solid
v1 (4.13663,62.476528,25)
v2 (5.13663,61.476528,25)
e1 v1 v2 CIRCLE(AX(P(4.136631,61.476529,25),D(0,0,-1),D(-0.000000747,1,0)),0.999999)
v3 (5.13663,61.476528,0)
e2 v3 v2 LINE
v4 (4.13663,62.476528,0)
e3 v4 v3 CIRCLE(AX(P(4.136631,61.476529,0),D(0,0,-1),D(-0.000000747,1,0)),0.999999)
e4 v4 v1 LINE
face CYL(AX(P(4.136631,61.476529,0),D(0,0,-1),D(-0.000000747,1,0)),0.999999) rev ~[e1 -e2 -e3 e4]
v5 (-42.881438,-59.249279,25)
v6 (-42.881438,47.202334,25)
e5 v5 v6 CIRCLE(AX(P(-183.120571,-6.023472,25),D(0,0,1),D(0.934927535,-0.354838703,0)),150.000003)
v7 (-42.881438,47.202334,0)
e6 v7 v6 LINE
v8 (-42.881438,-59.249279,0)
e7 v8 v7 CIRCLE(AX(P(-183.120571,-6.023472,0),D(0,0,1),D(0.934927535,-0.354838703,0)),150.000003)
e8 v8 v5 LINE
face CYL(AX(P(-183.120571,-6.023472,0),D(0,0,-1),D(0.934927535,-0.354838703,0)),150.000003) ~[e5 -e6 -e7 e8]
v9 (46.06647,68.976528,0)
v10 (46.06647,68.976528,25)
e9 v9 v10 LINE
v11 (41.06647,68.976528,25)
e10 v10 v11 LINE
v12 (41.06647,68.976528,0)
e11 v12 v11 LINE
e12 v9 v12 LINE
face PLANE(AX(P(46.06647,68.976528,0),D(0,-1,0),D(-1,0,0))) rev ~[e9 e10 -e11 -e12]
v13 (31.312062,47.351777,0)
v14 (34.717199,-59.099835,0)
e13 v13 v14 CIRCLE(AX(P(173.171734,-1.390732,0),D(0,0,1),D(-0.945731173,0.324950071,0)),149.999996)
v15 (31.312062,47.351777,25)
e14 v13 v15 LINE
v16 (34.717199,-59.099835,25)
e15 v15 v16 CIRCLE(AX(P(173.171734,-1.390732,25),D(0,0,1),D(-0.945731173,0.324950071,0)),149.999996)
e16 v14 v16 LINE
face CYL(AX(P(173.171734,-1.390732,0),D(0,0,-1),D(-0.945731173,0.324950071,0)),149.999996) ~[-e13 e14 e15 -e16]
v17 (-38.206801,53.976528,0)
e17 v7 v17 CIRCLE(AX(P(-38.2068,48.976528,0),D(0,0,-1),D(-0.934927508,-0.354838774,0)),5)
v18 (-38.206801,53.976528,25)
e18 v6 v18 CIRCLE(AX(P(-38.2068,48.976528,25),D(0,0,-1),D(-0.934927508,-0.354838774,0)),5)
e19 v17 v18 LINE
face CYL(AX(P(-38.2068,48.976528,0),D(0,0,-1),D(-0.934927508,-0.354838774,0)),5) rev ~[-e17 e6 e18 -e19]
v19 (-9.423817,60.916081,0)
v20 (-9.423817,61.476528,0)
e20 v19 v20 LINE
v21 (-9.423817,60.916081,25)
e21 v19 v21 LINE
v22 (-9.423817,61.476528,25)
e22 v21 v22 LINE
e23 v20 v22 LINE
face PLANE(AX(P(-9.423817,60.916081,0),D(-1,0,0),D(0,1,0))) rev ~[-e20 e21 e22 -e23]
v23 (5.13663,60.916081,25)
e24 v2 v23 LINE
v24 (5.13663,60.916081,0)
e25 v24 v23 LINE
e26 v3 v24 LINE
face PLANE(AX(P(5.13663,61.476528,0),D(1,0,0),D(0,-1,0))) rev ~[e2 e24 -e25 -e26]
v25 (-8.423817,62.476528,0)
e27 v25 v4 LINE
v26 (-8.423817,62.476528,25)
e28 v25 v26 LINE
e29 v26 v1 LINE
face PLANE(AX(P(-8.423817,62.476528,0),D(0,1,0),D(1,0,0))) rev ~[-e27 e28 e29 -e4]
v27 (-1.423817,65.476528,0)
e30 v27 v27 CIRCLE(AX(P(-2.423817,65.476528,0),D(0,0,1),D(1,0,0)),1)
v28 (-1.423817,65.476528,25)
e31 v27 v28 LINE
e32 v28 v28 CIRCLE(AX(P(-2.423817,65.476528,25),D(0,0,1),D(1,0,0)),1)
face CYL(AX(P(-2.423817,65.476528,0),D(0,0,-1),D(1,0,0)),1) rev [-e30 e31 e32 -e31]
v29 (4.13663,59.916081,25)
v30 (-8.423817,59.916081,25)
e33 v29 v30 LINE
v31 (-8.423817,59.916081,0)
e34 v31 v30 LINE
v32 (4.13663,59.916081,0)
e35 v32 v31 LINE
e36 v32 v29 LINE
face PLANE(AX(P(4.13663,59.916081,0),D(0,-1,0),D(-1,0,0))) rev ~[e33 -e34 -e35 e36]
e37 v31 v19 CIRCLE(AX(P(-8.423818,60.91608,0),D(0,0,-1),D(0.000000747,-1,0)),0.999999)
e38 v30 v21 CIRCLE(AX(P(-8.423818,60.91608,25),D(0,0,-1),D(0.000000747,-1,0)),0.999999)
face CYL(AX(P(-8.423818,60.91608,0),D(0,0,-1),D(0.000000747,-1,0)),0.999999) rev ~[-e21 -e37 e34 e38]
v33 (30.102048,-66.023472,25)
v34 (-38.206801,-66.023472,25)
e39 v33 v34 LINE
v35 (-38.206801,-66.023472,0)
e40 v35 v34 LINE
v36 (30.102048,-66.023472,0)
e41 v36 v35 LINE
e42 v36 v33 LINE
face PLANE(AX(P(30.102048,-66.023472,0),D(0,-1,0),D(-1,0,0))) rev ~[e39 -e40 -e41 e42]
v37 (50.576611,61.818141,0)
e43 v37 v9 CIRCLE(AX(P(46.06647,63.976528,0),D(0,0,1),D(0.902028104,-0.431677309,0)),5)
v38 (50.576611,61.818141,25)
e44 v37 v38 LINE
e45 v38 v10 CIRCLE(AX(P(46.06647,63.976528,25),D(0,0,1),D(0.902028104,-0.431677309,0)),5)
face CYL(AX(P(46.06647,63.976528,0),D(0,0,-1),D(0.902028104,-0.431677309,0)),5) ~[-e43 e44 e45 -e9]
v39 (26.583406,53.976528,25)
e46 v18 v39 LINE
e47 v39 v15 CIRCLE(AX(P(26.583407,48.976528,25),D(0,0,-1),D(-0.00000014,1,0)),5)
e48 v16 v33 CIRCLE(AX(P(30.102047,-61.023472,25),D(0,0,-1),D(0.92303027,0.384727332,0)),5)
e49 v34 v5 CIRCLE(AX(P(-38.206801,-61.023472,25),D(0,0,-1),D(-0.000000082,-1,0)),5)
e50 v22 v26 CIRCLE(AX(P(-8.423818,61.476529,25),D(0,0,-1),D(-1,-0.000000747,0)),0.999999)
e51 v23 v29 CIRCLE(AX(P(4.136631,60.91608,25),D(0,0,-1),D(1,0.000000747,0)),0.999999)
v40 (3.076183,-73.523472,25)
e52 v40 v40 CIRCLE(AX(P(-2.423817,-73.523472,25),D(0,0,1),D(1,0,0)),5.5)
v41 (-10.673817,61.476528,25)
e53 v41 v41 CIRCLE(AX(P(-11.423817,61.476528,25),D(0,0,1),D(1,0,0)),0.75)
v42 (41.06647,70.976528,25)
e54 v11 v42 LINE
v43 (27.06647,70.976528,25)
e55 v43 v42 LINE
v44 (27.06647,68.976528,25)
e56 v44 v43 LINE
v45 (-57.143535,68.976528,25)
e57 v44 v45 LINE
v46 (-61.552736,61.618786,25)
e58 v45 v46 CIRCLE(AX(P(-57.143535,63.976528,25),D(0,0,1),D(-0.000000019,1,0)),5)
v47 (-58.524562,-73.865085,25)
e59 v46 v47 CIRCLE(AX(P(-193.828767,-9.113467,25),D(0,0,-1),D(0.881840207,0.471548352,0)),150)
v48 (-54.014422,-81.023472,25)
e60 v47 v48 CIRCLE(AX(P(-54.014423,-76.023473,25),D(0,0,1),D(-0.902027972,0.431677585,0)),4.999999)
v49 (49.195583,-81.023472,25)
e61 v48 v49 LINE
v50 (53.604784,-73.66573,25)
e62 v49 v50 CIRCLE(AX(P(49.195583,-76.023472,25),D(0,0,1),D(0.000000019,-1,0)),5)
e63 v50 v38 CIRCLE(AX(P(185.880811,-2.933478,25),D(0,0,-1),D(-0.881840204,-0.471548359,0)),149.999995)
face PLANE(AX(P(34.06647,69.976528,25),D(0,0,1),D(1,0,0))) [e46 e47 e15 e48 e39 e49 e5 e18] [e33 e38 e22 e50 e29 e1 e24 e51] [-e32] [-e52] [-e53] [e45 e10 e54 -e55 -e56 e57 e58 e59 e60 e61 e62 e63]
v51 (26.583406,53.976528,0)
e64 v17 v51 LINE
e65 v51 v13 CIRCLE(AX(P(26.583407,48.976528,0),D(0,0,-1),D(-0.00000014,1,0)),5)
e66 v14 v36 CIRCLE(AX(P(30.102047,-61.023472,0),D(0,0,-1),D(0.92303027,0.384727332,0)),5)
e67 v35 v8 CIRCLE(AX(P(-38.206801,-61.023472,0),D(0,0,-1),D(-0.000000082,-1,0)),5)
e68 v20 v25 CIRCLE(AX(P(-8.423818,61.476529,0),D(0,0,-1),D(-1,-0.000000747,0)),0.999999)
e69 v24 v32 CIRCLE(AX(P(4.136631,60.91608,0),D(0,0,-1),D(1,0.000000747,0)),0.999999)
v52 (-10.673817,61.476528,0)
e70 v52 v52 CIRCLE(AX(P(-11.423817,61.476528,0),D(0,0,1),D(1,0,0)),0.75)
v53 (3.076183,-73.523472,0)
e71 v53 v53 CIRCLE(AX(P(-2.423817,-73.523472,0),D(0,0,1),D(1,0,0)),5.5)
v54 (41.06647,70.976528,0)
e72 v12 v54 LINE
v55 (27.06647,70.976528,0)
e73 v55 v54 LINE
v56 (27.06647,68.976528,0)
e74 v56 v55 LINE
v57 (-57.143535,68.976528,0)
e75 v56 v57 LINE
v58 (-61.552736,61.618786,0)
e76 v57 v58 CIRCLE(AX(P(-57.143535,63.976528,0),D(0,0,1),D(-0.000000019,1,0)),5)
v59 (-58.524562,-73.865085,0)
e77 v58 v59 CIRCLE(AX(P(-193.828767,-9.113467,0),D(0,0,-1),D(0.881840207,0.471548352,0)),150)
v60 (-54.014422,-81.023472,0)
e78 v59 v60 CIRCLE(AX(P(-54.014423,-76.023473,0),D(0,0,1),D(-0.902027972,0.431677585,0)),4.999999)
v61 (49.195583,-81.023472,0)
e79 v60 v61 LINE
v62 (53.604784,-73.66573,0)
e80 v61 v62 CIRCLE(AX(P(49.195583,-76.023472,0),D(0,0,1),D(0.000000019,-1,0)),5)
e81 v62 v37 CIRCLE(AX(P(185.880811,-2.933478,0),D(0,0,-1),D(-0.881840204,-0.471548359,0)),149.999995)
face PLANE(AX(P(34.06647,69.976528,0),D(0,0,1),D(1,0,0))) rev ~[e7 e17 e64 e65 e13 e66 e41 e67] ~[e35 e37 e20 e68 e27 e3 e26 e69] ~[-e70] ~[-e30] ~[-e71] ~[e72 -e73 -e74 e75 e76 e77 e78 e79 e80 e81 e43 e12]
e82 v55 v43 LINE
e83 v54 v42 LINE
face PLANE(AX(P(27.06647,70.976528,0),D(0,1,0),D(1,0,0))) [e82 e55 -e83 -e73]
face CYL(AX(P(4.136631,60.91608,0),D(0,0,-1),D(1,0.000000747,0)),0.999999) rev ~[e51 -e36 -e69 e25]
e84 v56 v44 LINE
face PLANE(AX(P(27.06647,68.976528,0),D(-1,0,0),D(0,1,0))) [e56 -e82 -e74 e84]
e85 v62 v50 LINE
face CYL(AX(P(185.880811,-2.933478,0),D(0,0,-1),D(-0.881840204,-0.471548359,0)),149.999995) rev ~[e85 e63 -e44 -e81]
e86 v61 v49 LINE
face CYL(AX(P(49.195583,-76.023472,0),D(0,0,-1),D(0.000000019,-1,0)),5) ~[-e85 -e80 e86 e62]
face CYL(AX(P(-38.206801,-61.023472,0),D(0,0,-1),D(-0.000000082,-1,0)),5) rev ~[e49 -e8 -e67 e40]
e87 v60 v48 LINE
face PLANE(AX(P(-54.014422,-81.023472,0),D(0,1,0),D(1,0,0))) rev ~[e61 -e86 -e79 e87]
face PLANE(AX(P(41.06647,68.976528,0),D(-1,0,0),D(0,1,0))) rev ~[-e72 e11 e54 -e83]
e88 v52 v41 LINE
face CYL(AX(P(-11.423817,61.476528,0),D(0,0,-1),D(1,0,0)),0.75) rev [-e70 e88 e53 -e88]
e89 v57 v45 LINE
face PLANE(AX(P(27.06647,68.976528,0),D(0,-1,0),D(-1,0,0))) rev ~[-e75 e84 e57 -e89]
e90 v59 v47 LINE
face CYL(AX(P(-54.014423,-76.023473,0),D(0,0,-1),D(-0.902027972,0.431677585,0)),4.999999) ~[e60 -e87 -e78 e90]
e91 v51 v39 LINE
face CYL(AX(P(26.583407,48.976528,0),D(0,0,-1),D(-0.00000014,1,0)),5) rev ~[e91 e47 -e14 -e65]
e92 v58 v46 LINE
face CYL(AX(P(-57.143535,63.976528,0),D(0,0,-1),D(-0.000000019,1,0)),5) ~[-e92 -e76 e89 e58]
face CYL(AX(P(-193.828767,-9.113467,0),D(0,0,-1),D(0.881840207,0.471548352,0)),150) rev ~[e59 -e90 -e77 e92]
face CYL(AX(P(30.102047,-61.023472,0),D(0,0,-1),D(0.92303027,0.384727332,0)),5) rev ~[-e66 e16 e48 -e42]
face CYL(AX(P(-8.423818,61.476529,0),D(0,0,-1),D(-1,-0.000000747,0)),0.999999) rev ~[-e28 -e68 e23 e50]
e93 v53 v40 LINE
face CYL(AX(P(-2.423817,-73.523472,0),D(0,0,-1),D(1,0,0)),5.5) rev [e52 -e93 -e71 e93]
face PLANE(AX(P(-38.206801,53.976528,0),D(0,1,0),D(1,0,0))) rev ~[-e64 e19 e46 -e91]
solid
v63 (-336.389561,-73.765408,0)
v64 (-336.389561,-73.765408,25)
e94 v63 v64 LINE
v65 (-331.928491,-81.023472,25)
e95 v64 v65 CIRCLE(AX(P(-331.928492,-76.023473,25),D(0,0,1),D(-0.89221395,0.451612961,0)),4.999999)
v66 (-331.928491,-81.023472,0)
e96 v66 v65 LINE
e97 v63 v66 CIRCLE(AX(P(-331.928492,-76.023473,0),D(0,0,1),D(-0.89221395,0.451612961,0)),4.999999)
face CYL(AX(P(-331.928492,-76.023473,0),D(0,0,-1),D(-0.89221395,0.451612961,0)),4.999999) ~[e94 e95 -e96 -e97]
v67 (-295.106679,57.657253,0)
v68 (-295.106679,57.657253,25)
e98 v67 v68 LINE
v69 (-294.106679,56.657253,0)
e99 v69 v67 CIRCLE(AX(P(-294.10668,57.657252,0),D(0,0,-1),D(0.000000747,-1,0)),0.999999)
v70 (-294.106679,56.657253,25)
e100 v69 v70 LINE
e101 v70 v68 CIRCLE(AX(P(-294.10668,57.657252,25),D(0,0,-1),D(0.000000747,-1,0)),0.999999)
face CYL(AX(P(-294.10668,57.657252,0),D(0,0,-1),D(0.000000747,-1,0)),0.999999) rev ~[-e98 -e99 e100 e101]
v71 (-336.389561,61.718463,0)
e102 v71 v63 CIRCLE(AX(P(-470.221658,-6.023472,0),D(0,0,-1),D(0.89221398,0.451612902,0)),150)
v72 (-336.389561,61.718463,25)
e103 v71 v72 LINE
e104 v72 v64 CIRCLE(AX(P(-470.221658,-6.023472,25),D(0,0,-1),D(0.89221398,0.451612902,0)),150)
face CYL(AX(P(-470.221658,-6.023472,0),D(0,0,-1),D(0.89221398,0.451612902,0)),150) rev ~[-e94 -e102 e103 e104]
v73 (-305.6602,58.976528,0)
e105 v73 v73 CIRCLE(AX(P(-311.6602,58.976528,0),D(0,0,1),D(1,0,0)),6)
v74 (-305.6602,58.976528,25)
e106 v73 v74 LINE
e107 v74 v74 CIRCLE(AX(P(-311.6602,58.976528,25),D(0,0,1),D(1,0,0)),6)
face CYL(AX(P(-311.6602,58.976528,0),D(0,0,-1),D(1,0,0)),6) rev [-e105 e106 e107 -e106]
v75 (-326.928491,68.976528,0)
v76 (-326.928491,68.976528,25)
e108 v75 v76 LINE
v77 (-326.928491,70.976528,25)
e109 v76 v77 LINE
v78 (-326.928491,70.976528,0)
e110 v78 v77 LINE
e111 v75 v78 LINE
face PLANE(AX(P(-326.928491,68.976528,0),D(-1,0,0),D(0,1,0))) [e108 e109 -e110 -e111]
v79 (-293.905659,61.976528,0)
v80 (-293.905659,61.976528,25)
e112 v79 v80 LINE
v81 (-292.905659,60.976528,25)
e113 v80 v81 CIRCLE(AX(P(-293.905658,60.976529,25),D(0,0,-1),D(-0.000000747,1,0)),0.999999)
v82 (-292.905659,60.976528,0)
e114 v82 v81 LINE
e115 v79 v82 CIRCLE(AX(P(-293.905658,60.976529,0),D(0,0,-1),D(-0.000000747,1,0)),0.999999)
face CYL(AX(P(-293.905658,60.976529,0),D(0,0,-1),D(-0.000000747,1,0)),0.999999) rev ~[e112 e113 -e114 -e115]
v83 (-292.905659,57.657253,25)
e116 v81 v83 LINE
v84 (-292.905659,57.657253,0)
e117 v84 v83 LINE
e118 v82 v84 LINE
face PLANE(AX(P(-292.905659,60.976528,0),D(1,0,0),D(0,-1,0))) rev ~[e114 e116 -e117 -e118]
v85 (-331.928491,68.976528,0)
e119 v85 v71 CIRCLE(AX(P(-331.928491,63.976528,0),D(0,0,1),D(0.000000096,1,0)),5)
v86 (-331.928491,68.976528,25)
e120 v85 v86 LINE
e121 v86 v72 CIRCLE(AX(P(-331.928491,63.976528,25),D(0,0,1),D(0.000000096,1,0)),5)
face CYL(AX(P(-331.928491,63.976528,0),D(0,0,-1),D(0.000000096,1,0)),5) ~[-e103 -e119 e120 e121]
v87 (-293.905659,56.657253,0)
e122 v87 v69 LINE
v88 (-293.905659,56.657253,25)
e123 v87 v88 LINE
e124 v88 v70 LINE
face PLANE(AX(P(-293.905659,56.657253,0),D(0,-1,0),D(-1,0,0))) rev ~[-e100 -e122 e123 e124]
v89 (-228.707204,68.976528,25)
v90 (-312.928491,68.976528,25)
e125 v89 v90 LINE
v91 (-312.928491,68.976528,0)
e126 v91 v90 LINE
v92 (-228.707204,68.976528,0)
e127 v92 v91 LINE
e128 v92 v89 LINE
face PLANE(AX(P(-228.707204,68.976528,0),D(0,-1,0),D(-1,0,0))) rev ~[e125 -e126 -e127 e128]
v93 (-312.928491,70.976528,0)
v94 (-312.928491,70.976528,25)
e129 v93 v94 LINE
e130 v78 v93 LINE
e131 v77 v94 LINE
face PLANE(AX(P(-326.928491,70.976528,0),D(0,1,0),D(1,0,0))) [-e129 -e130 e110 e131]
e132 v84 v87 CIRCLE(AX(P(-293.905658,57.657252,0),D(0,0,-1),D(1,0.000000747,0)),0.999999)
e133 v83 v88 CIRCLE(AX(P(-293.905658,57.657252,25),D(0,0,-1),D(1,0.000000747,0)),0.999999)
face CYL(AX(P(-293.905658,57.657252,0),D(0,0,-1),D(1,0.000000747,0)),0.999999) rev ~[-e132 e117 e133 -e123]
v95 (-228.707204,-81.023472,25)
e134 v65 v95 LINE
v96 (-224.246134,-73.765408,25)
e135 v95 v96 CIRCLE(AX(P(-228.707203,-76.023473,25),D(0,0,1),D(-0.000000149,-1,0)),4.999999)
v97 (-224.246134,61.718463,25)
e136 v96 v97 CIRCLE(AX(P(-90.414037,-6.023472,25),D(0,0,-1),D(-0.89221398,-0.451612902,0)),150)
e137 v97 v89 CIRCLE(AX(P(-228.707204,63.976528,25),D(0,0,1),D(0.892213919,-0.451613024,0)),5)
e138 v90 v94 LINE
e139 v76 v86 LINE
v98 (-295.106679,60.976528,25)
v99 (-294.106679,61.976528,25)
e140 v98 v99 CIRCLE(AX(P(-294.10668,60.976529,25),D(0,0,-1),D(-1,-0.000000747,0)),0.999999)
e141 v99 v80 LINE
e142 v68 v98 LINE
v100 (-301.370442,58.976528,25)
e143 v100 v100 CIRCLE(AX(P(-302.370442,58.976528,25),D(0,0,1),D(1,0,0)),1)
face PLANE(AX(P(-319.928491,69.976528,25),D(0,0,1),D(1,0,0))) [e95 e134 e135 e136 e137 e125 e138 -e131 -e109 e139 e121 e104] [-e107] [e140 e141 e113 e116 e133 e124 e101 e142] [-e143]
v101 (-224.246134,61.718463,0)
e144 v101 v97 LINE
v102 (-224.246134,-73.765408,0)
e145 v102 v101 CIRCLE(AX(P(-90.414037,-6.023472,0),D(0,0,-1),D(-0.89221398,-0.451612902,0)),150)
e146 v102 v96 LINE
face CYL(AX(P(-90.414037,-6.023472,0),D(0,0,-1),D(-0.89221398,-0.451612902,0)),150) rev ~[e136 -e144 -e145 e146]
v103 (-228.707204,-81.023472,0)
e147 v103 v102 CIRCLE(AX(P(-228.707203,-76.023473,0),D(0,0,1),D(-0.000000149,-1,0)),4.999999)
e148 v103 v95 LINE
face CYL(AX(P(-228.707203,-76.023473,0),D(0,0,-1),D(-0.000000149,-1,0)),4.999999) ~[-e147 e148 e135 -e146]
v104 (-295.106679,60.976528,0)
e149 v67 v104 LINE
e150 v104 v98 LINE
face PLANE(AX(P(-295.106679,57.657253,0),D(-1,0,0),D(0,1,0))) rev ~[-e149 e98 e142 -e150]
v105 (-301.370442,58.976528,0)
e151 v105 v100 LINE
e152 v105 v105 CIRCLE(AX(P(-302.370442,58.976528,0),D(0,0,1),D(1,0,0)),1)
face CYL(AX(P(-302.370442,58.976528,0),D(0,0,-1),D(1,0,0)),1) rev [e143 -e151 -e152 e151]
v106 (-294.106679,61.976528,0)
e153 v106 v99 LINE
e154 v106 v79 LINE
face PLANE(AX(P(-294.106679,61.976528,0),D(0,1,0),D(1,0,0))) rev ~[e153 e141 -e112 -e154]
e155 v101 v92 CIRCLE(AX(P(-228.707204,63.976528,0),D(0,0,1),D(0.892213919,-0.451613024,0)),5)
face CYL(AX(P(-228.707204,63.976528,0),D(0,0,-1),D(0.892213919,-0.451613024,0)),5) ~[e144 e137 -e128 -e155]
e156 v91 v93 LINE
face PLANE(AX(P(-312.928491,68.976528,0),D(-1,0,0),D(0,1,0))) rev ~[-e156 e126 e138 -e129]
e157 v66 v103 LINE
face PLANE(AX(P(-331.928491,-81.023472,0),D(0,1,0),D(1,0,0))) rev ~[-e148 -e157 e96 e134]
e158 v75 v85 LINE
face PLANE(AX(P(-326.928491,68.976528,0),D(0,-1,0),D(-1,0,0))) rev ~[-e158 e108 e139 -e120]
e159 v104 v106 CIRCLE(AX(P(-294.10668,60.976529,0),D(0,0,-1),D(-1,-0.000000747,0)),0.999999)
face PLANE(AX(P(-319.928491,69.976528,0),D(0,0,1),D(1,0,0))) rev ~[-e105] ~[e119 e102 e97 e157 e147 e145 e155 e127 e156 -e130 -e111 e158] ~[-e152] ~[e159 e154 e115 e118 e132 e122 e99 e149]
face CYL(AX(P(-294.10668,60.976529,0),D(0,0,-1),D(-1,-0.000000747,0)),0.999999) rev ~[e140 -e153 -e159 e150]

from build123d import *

# Parameters (mm, degrees)
F0_W     = 14
F0_H     = 2
F0_R     = 6
F0_R_2   = 1
F0_R_3   = 5.5
F0_R_4   = 0.75
F1_DEPTH = 25


with BuildPart() as f1:
    # F0 (on Top) → F1 (new body)
    with BuildSketch(Plane.XY):
        with Locations((34.06647, 69.976528)):
            Rectangle(F0_W, F0_H)
        with Locations((-319.928491, 69.976528)):
            Rectangle(F0_W, F0_H)
        with BuildLine():
            ThreePointArc((-336.389561, -73.765408), (-336.188205, -78.641647), (-331.928491, -81.023472))
            Line((-331.928491, -81.023472), (-228.707204, -81.023472))
            ThreePointArc((-228.707204, -81.023472), (-224.44749, -78.641647), (-224.246134, -73.765408))
            ThreePointArc((-224.246134, -73.765408), (-240.414037, -6.023472), (-224.246134, 61.718463))
            ThreePointArc((-224.246134, 61.718463), (-224.44749, 66.594703), (-228.707204, 68.976528))
            Line((-228.707204, 68.976528), (-312.928491, 68.976528))
            Line((-312.928491, 68.976528), (-326.928491, 68.976528))
            Line((-326.928491, 68.976528), (-331.928491, 68.976528))
            ThreePointArc((-331.928491, 68.976528), (-336.188205, 66.594703), (-336.389561, 61.718463))
            ThreePointArc((-336.389561, 61.718463), (-320.221658, -6.023472), (-336.389561, -73.765408))
        make_face()
        with Locations((-311.6602, 58.976528)):
            Circle(F0_R, mode=Mode.SUBTRACT)
        with Locations((-302.370442, 58.976528)):
            Circle(F0_R_2, mode=Mode.SUBTRACT)
        with BuildLine():
            Line((-295.106679, 57.657253), (-295.106679, 60.976528))
            ThreePointArc((-295.106679, 60.976528), (-294.813786, 61.683635), (-294.106679, 61.976528))
            Line((-294.106679, 61.976528), (-293.905659, 61.976528))
            ThreePointArc((-293.905659, 61.976528), (-293.198552, 61.683635), (-292.905659, 60.976528))
            Line((-292.905659, 60.976528), (-292.905659, 57.657253))
            ThreePointArc((-292.905659, 57.657253), (-293.198552, 56.950146), (-293.905659, 56.657253))
            Line((-293.905659, 56.657253), (-294.106679, 56.657253))
            ThreePointArc((-294.106679, 56.657253), (-294.813786, 56.950146), (-295.106679, 57.657253))
        make_face(mode=Mode.SUBTRACT)
        with BuildLine():
            ThreePointArc((-61.552736, 61.618786), (-43.86622, -5.761683), (-58.524562, -73.865085))
            ThreePointArc((-58.524562, -73.865085), (-58.244785, -78.688811), (-54.014422, -81.023472))
            Line((-54.014422, -81.023472), (49.195583, -81.023472))
            ThreePointArc((49.195583, -81.023472), (53.484447, -78.593617), (53.604784, -73.66573))
            ThreePointArc((53.604784, -73.66573), (35.918268, -6.285262), (50.576611, 61.818141))
            ThreePointArc((50.576611, 61.818141), (50.296833, 66.641867), (46.06647, 68.976528))
            Line((46.06647, 68.976528), (41.06647, 68.976528))
            Line((41.06647, 68.976528), (27.06647, 68.976528))
            Line((27.06647, 68.976528), (-57.143535, 68.976528))
            ThreePointArc((-57.143535, 68.976528), (-61.432399, 66.546673), (-61.552736, 61.618786))
        make_face()
        with Locations((-2.423817, -73.523472)):
            Circle(F0_R_3, mode=Mode.SUBTRACT)
        with BuildLine():
            ThreePointArc((34.717199, -59.099835), (34.262467, -63.796721), (30.102048, -66.023472))
            Line((30.102048, -66.023472), (-38.206801, -66.023472))
            ThreePointArc((-38.206801, -66.023472), (-42.322075, -63.863281), (-42.881438, -59.249279))
            ThreePointArc((-42.881438, -59.249279), (-33.120568, -6.023472), (-42.881438, 47.202334))
            ThreePointArc((-42.881438, 47.202334), (-42.322075, 51.816337), (-38.206801, 53.976528))
            Line((-38.206801, 53.976528), (26.583406, 53.976528))
            ThreePointArc((26.583406, 53.976528), (30.653035, 51.881373), (31.312062, 47.351777))
            ThreePointArc((31.312062, 47.351777), (23.24842, -6.186427), (34.717199, -59.099835))
        make_face(mode=Mode.SUBTRACT)
        with BuildLine():
            ThreePointArc((-9.423817, 61.476528), (-9.130924, 62.183635), (-8.423817, 62.476528))
            Line((-8.423817, 62.476528), (4.13663, 62.476528))
            ThreePointArc((4.13663, 62.476528), (4.843737, 62.183635), (5.13663, 61.476528))
            Line((5.13663, 61.476528), (5.13663, 60.916081))
            ThreePointArc((5.13663, 60.916081), (4.843737, 60.208974), (4.13663, 59.916081))
            Line((4.13663, 59.916081), (-8.423817, 59.916081))
            ThreePointArc((-8.423817, 59.916081), (-9.130924, 60.208974), (-9.423817, 60.916081))
            Line((-9.423817, 60.916081), (-9.423817, 61.476528))
        make_face(mode=Mode.SUBTRACT)
        with Locations((-11.423817, 61.476528)):
            Circle(F0_R_4, mode=Mode.SUBTRACT)
        with Locations((-2.423817, 65.476528)):
            Circle(F0_R_2, mode=Mode.SUBTRACT)
    extrude(amount=F1_DEPTH)


solid = f1.part
